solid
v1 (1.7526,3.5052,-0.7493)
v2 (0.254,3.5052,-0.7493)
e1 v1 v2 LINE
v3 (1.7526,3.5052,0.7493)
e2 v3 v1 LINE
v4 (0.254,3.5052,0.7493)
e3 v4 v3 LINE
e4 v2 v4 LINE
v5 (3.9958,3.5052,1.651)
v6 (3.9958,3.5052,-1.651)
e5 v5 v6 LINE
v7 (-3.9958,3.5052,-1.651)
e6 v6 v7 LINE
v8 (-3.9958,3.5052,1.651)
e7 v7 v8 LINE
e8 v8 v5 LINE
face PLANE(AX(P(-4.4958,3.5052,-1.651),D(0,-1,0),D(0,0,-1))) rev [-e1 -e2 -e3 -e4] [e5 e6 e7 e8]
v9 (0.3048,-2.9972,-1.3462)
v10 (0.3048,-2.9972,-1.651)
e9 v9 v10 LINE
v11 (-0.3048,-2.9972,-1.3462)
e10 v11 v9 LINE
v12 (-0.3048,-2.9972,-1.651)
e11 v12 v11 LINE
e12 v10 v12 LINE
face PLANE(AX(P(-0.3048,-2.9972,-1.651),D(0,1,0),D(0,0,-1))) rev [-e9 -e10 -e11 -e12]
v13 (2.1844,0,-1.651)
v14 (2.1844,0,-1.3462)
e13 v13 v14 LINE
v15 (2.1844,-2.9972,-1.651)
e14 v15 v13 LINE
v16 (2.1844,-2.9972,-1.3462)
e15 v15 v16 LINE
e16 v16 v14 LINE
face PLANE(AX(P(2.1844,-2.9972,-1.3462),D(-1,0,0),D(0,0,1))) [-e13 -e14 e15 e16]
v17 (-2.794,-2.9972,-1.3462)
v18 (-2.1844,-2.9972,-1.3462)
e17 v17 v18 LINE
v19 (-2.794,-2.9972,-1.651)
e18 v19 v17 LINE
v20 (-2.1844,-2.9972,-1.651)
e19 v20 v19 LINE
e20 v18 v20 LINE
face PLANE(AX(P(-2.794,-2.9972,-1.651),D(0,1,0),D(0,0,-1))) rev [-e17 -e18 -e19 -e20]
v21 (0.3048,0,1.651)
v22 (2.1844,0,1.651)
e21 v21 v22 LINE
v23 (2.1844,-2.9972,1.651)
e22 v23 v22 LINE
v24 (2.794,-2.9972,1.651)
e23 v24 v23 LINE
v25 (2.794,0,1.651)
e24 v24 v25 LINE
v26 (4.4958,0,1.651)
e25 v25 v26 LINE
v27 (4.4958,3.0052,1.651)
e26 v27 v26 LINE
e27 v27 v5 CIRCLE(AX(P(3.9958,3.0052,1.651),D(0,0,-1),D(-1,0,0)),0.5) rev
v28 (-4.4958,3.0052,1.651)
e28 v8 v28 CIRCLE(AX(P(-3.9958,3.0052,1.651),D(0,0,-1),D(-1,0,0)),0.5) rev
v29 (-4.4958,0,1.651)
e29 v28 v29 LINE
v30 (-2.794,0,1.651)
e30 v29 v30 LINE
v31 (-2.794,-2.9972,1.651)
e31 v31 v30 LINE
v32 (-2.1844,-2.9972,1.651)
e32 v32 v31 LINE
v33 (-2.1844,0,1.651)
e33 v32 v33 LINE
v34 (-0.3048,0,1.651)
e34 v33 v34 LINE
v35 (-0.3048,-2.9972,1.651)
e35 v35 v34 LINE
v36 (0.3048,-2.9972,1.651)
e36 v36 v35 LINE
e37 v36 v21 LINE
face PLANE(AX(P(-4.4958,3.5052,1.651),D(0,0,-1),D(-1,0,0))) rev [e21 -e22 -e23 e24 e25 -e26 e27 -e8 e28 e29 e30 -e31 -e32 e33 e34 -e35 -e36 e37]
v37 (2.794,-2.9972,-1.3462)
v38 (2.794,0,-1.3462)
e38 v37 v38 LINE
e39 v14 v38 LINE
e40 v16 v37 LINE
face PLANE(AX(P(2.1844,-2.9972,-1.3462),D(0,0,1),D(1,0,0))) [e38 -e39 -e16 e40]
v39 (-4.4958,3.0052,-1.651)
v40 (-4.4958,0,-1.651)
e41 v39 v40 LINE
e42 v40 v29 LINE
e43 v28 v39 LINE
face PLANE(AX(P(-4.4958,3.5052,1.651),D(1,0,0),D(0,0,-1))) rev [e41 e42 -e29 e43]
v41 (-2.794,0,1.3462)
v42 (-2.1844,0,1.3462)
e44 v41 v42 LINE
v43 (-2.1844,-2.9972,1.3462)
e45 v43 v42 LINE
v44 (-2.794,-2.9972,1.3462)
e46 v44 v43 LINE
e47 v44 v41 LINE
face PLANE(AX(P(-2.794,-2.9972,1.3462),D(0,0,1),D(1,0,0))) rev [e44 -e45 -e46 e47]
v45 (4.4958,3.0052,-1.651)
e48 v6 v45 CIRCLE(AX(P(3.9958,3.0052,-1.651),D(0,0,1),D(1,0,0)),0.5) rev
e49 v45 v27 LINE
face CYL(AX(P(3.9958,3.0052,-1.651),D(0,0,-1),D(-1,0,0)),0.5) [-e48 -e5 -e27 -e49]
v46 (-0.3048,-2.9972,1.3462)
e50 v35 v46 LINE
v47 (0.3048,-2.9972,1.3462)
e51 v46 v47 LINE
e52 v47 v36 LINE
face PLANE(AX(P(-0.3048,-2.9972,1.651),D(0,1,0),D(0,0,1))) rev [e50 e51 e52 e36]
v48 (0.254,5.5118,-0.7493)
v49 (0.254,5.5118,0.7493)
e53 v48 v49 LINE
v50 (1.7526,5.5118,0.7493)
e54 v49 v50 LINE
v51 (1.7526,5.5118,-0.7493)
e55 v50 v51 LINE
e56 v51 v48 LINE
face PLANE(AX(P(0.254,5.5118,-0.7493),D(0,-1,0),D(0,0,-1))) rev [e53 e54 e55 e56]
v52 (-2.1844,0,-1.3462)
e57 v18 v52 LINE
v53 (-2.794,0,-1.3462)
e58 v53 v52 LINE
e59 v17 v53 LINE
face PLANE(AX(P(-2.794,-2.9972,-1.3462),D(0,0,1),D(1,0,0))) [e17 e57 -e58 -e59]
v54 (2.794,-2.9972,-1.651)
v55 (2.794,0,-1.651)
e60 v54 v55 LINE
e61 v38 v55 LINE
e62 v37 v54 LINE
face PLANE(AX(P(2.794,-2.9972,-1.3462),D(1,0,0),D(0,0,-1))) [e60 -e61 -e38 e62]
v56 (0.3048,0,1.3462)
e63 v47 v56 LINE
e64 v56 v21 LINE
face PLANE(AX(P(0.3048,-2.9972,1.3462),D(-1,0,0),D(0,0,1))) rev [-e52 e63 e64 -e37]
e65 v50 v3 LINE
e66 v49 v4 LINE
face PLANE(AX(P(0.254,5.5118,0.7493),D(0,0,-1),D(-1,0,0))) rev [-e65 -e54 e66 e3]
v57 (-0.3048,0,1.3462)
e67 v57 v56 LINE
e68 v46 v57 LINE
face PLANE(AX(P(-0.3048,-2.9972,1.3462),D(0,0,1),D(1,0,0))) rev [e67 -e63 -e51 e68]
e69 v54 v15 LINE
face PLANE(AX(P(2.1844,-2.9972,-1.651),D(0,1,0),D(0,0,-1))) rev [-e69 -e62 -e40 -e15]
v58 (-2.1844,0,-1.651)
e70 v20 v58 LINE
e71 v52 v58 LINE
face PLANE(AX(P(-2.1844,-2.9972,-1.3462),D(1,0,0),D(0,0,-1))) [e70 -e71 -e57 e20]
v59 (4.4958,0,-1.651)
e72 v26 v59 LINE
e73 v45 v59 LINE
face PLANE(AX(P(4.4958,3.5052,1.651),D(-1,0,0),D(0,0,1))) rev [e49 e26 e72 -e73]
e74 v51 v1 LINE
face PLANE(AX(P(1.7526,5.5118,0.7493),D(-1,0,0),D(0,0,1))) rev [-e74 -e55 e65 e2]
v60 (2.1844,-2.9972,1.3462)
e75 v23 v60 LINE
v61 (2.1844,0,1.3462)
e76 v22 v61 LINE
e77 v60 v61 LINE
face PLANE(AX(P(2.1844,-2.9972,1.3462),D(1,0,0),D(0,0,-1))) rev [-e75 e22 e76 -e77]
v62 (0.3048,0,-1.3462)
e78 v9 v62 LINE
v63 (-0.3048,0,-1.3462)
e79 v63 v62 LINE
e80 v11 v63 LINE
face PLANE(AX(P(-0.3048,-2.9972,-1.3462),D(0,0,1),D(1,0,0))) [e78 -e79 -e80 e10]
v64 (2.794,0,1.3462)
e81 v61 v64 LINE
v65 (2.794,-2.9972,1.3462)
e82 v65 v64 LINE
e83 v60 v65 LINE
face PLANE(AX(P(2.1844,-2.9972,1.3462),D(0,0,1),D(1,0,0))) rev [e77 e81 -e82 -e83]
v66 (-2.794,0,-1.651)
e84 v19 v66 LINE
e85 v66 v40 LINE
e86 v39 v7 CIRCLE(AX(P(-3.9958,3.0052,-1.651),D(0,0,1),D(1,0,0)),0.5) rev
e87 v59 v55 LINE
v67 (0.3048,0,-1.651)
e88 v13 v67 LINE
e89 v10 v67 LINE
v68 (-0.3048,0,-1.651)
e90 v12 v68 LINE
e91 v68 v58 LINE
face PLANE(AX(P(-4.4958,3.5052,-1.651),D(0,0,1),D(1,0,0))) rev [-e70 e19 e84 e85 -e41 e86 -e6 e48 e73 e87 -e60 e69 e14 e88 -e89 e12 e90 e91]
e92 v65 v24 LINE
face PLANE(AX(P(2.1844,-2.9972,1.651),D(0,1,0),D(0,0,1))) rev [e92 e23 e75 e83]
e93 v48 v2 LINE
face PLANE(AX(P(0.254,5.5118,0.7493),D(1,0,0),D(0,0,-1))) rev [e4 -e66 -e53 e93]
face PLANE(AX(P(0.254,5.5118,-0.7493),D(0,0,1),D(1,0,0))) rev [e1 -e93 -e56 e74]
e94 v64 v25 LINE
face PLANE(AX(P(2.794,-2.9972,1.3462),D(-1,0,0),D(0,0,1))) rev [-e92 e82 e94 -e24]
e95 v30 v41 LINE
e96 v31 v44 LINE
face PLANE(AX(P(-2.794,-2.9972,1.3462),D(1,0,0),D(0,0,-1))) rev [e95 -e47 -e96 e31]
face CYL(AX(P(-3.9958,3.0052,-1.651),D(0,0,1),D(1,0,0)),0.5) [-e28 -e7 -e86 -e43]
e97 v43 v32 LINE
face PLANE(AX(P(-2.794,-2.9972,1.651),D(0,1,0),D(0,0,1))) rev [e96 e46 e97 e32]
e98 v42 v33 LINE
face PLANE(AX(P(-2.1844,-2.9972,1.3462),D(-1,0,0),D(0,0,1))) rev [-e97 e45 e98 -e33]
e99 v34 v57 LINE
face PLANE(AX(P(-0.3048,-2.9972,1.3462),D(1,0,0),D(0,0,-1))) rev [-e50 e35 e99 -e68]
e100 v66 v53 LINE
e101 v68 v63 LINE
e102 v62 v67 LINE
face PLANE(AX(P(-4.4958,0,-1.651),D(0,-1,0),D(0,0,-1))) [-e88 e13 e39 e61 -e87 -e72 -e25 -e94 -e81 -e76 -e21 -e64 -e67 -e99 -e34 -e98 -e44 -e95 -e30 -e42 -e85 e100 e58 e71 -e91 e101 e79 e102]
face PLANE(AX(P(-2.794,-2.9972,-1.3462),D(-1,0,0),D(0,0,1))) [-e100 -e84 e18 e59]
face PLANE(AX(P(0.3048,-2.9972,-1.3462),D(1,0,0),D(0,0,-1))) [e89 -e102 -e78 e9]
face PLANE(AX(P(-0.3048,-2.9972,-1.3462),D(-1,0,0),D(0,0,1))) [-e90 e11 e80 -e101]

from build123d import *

# Parameters (mm, degrees)
SKETCH1_W               = 8.9916
SKETCH1_H               = 3.302
BOSS_EXTRUDE1_DEPTH     = 3.5052
SKETCH2_W               = 1.4986
SKETCH2_H               = 1.4986
BOSS_EXTRUDE2_DEPTH     = 2.0066
SKETCH3_W               = 0.6096
SKETCH3_H               = 0.3048
BOSS_EXTRUDE3_DEPTH     = 2.9972
LPATTERN1_COUNT         = 3
LPATTERN1_PITCH         = 2.4892
MIRROR1_COPY_1_SKETCH_W = 0.6096
MIRROR1_COPY_1_SKETCH_H = 0.3048
MIRROR1_COPY_1_DEPTH    = 2.9972
MIRROR1_COPY_2_SKETCH_W = 0.6096
MIRROR1_COPY_2_SKETCH_H = 0.3048
MIRROR1_COPY_2_DEPTH    = 2.9972
FILLET1_R               = 0.5


with BuildPart() as part:
    # Sketch1 → Boss-Extrude1 (new body)
    with BuildSketch(Plane(origin=(0, 0, 0), x_dir=(1, 0, 0), z_dir=(0, 1, 0))):
        Rectangle(SKETCH1_W, SKETCH1_H)
    extrude(amount=BOSS_EXTRUDE1_DEPTH)

    # Sketch2 → Boss-Extrude2 (add)
    with BuildSketch(Plane(origin=(0, 3.5052, 0), x_dir=(1, 0, 0), z_dir=(0, 1, 0))):
        with Locations((1.0033, 0)):
            Rectangle(SKETCH2_W, SKETCH2_H)
    extrude(amount=BOSS_EXTRUDE2_DEPTH)

    # Sketch3 → Boss-Extrude3 (add)
    with BuildSketch(Plane.XZ):
        with Locations((2.4892, 1.4986)):
            Rectangle(SKETCH3_W, SKETCH3_H)
    boss_extrude3 = extrude(amount=BOSS_EXTRUDE3_DEPTH)

    # LPattern1: Boss-Extrude3 ×3
    with Locations(*[(-i * LPATTERN1_PITCH, 0, 0) for i in range(1, LPATTERN1_COUNT)]):
        add(boss_extrude3)

    # Mirror1: Boss-Extrude3 across plane
    add(boss_extrude3.mirror(Plane.XY))

    # Mirror1 copy 1 sketch → Mirror1 copy 1 (add)
    with BuildSketch(Plane(origin=(-2.4892, 0, 0), x_dir=(1, 0, 0), z_dir=(0, -1, 0))):
        with Locations((2.4892, -1.4986)):
            Rectangle(MIRROR1_COPY_1_SKETCH_W, MIRROR1_COPY_1_SKETCH_H)
    extrude(amount=MIRROR1_COPY_1_DEPTH)

    # Mirror1 copy 2 sketch → Mirror1 copy 2 (add)
    with BuildSketch(Plane(origin=(-4.9784, 0, 0), x_dir=(1, 0, 0), z_dir=(0, -1, 0))):
        with Locations((2.4892, -1.4986)):
            Rectangle(MIRROR1_COPY_2_SKETCH_W, MIRROR1_COPY_2_SKETCH_H)
    extrude(amount=MIRROR1_COPY_2_DEPTH)

    # Fillet1
    fillet1_edges = [part.edges().sort_by_distance(p)[0] for p in [
        (4.4958, 3.5052, 0),
        (-4.4958, 3.5052, 0),
    ]]
    fillet(fillet1_edges, radius=FILLET1_R)


solid = part.part
